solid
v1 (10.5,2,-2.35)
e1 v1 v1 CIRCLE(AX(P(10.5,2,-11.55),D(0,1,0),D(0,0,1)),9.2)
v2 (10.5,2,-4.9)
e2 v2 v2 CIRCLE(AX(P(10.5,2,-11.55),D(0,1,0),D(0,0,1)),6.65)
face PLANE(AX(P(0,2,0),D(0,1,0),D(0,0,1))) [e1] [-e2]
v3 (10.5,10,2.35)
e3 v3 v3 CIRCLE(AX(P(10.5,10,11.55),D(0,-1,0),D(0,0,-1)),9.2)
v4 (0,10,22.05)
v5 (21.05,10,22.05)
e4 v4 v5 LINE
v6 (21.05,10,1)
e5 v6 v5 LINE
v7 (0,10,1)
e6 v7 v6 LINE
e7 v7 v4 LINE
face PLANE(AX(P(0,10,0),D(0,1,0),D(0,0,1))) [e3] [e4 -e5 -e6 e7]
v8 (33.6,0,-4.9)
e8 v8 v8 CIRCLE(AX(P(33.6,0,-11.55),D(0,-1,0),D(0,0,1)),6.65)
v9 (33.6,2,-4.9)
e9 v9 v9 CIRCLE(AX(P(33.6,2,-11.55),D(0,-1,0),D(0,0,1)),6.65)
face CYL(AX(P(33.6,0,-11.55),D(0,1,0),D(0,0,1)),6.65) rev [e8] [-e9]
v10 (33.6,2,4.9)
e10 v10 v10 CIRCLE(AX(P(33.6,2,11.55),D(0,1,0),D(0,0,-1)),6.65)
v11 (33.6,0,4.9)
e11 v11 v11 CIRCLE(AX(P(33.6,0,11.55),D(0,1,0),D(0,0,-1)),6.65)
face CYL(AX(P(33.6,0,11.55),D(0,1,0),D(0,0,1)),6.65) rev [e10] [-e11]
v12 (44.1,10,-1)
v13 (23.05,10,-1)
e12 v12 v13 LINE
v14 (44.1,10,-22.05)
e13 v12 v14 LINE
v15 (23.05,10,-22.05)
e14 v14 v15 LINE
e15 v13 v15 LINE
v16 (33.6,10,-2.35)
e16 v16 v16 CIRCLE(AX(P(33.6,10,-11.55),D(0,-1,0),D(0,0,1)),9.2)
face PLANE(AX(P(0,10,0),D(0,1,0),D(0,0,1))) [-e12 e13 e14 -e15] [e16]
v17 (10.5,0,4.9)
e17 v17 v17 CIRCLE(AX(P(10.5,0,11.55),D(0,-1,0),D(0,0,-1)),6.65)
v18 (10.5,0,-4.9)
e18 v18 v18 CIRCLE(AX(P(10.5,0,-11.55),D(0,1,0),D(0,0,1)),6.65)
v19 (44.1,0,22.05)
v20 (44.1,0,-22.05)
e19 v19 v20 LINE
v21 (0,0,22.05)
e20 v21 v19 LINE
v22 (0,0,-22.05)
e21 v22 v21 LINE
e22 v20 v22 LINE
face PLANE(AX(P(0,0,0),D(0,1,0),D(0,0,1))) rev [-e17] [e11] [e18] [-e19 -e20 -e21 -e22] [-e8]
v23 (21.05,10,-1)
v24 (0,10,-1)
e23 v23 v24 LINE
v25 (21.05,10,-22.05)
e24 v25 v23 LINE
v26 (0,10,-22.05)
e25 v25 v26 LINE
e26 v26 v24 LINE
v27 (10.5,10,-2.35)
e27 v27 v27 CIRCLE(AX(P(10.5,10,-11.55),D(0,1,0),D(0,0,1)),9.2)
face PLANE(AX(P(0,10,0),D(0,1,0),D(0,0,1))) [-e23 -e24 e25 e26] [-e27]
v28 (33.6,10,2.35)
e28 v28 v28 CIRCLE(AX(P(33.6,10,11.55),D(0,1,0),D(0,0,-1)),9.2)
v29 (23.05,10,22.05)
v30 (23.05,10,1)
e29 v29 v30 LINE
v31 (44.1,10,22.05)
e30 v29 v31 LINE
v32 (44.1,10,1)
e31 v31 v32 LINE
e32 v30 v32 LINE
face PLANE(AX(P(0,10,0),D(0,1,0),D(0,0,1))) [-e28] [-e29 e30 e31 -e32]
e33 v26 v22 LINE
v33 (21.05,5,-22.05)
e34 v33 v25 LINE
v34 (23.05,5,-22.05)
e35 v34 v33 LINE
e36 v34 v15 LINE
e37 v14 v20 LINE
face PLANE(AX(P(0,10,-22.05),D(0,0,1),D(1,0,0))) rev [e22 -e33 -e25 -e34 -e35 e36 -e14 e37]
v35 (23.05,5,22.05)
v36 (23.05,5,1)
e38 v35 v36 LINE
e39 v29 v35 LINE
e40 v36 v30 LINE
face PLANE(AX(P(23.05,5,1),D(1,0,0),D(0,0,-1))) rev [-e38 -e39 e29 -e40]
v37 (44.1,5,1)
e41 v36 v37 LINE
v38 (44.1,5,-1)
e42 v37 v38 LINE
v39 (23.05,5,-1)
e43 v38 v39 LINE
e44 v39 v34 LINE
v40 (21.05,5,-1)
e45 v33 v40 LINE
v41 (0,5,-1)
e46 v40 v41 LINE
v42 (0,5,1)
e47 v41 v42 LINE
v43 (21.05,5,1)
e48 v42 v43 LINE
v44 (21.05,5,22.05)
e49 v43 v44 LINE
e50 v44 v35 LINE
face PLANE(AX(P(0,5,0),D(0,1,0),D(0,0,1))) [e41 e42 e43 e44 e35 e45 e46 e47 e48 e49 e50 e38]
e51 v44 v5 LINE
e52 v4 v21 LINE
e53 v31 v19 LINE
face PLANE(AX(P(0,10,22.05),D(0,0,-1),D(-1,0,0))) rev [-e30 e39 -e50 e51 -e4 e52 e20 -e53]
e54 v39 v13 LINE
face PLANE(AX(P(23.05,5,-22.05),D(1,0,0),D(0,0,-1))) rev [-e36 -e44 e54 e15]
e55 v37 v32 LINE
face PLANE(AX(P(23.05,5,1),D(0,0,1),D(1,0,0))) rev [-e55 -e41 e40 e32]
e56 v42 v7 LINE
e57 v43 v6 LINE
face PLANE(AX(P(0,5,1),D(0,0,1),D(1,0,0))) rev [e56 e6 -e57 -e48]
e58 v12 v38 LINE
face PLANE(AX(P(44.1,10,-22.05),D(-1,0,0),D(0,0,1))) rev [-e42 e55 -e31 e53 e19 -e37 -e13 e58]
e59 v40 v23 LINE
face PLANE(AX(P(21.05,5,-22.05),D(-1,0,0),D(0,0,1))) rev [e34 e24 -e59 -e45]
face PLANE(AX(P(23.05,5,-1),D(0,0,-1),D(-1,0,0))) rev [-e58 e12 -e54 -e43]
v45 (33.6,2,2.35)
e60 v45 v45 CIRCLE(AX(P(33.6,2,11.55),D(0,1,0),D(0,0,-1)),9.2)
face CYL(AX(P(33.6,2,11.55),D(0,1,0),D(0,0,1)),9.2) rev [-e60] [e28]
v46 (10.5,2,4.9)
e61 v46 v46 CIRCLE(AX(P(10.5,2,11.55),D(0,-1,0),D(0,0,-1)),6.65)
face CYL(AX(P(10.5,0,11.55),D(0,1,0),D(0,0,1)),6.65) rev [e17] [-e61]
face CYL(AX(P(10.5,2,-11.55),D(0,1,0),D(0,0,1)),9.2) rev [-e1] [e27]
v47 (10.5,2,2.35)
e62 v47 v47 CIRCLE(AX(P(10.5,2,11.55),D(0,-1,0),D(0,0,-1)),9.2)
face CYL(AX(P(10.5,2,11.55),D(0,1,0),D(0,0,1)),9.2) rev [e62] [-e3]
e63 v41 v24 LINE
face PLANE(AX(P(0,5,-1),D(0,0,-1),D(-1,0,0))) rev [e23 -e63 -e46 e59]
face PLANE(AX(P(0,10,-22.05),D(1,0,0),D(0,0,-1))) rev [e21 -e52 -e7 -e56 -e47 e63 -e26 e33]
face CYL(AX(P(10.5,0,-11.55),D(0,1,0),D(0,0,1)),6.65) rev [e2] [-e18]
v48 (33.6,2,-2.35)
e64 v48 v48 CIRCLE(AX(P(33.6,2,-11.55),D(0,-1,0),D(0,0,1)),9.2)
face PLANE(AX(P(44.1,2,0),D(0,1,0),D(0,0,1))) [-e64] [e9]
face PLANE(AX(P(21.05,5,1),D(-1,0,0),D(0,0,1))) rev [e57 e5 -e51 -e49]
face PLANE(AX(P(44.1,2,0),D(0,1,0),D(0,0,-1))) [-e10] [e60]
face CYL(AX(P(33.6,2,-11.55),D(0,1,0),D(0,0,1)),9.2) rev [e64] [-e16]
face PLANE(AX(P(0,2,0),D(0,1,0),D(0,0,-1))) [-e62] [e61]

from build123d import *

# Parameters (mm, degrees)
SKETCH1_W               = 44.1
SKETCH1_H               = 44.1
BOSS_EXTRUDE1_DEPTH     = 10
SKETCH2_R               = 9.2
CUT_EXTRUDE1_DEPTH      = 8
SKETCH5_R               = 6.65
CUT_EXTRUDE4_DEPTH      = 50.9501001
MIRROR2_COPY_1_SKETCH_R = 9.2
MIRROR2_COPY_1_DEPTH    = 8
MIRROR2_COPY_2_SKETCH_R = 6.65
MIRROR2_COPY_2_DEPTH    = 50.9501001
CUT_EXTRUDE3_DEPTH      = 5


with BuildPart() as part:
    # Sketch1 → Boss-Extrude1 (new body)
    with BuildSketch(Plane(origin=(0, 0, 0), x_dir=(1, 0, 0), z_dir=(0, 1, 0))):
        with Locations((22.05, 0)):
            Rectangle(SKETCH1_W, SKETCH1_H)
    extrude(amount=BOSS_EXTRUDE1_DEPTH)

    # Sketch2 → Cut-Extrude1 (cut)
    with BuildSketch(Plane(origin=(0, 10, 0), x_dir=(1, 0, 0), z_dir=(0, 1, 0))):
        with Locations(Location((10.5, 11.55, 0), (0, 0, 270))):
            Circle(SKETCH2_R)
    cut_extrude1 = extrude(amount=-CUT_EXTRUDE1_DEPTH, mode=Mode.SUBTRACT)

    # Sketch5 → Cut-Extrude4 (cut, through all)
    with BuildSketch(Plane(origin=(0, 2, 0), x_dir=(1, 0, 0), z_dir=(0, 1, 0))):
        with Locations(Location((10.5, 11.55, 0), (0, 0, 270))):
            Circle(SKETCH5_R)
    cut_extrude4 = extrude(amount=-CUT_EXTRUDE4_DEPTH, mode=Mode.SUBTRACT)

    # Mirror1: Cut-Extrude1, Cut-Extrude4 across plane
    add(cut_extrude1.mirror(Plane.XY), mode=Mode.SUBTRACT)
    add(cut_extrude4.mirror(Plane.XY), mode=Mode.SUBTRACT)

    # Mirror2: Cut-Extrude1, Cut-Extrude4 across plane
    add(cut_extrude1.mirror(Plane(origin=(22.05, 0, 0), x_dir=(0, 0, 1), z_dir=(1, 0, 0))), mode=Mode.SUBTRACT)
    add(cut_extrude4.mirror(Plane(origin=(22.05, 0, 0), x_dir=(0, 0, 1), z_dir=(1, 0, 0))), mode=Mode.SUBTRACT)

    # Mirror2 copy 1 sketch → Mirror2 copy 1 (cut)
    with BuildSketch(Plane(origin=(44.1, 10, 0), x_dir=(-1, 0, 0), z_dir=(0, 1, 0))):
        with Locations(Location((10.5, 11.55, 0), (0, 0, 270))):
            Circle(MIRROR2_COPY_1_SKETCH_R)
    extrude(amount=-MIRROR2_COPY_1_DEPTH, mode=Mode.SUBTRACT)

    # Mirror2 copy 2 sketch → Mirror2 copy 2 (cut, through all)
    with BuildSketch(Plane(origin=(44.1, 2, 0), x_dir=(-1, 0, 0), z_dir=(0, 1, 0))):
        with Locations(Location((10.5, 11.55, 0), (0, 0, 270))):
            Circle(MIRROR2_COPY_2_SKETCH_R)
    extrude(amount=-MIRROR2_COPY_2_DEPTH, mode=Mode.SUBTRACT)

    # Sketch4 → Cut-Extrude3 (cut)
    with BuildSketch(Plane(origin=(0, 10, 0), x_dir=(1, 0, 0), z_dir=(0, 1, 0))):
        Polygon((21.05, 22.05), (23.05, 22.05), (23.05, 1), (46.251393124, 1), (46.251393124, -1), (23.05, -1), (23.05, -23.362709558), (21.05, -23.362709558), (21.05, -1), (0, -1), (0, 1), (21.05, 1), align=None)
    extrude(amount=-CUT_EXTRUDE3_DEPTH, mode=Mode.SUBTRACT)


solid = part.part
